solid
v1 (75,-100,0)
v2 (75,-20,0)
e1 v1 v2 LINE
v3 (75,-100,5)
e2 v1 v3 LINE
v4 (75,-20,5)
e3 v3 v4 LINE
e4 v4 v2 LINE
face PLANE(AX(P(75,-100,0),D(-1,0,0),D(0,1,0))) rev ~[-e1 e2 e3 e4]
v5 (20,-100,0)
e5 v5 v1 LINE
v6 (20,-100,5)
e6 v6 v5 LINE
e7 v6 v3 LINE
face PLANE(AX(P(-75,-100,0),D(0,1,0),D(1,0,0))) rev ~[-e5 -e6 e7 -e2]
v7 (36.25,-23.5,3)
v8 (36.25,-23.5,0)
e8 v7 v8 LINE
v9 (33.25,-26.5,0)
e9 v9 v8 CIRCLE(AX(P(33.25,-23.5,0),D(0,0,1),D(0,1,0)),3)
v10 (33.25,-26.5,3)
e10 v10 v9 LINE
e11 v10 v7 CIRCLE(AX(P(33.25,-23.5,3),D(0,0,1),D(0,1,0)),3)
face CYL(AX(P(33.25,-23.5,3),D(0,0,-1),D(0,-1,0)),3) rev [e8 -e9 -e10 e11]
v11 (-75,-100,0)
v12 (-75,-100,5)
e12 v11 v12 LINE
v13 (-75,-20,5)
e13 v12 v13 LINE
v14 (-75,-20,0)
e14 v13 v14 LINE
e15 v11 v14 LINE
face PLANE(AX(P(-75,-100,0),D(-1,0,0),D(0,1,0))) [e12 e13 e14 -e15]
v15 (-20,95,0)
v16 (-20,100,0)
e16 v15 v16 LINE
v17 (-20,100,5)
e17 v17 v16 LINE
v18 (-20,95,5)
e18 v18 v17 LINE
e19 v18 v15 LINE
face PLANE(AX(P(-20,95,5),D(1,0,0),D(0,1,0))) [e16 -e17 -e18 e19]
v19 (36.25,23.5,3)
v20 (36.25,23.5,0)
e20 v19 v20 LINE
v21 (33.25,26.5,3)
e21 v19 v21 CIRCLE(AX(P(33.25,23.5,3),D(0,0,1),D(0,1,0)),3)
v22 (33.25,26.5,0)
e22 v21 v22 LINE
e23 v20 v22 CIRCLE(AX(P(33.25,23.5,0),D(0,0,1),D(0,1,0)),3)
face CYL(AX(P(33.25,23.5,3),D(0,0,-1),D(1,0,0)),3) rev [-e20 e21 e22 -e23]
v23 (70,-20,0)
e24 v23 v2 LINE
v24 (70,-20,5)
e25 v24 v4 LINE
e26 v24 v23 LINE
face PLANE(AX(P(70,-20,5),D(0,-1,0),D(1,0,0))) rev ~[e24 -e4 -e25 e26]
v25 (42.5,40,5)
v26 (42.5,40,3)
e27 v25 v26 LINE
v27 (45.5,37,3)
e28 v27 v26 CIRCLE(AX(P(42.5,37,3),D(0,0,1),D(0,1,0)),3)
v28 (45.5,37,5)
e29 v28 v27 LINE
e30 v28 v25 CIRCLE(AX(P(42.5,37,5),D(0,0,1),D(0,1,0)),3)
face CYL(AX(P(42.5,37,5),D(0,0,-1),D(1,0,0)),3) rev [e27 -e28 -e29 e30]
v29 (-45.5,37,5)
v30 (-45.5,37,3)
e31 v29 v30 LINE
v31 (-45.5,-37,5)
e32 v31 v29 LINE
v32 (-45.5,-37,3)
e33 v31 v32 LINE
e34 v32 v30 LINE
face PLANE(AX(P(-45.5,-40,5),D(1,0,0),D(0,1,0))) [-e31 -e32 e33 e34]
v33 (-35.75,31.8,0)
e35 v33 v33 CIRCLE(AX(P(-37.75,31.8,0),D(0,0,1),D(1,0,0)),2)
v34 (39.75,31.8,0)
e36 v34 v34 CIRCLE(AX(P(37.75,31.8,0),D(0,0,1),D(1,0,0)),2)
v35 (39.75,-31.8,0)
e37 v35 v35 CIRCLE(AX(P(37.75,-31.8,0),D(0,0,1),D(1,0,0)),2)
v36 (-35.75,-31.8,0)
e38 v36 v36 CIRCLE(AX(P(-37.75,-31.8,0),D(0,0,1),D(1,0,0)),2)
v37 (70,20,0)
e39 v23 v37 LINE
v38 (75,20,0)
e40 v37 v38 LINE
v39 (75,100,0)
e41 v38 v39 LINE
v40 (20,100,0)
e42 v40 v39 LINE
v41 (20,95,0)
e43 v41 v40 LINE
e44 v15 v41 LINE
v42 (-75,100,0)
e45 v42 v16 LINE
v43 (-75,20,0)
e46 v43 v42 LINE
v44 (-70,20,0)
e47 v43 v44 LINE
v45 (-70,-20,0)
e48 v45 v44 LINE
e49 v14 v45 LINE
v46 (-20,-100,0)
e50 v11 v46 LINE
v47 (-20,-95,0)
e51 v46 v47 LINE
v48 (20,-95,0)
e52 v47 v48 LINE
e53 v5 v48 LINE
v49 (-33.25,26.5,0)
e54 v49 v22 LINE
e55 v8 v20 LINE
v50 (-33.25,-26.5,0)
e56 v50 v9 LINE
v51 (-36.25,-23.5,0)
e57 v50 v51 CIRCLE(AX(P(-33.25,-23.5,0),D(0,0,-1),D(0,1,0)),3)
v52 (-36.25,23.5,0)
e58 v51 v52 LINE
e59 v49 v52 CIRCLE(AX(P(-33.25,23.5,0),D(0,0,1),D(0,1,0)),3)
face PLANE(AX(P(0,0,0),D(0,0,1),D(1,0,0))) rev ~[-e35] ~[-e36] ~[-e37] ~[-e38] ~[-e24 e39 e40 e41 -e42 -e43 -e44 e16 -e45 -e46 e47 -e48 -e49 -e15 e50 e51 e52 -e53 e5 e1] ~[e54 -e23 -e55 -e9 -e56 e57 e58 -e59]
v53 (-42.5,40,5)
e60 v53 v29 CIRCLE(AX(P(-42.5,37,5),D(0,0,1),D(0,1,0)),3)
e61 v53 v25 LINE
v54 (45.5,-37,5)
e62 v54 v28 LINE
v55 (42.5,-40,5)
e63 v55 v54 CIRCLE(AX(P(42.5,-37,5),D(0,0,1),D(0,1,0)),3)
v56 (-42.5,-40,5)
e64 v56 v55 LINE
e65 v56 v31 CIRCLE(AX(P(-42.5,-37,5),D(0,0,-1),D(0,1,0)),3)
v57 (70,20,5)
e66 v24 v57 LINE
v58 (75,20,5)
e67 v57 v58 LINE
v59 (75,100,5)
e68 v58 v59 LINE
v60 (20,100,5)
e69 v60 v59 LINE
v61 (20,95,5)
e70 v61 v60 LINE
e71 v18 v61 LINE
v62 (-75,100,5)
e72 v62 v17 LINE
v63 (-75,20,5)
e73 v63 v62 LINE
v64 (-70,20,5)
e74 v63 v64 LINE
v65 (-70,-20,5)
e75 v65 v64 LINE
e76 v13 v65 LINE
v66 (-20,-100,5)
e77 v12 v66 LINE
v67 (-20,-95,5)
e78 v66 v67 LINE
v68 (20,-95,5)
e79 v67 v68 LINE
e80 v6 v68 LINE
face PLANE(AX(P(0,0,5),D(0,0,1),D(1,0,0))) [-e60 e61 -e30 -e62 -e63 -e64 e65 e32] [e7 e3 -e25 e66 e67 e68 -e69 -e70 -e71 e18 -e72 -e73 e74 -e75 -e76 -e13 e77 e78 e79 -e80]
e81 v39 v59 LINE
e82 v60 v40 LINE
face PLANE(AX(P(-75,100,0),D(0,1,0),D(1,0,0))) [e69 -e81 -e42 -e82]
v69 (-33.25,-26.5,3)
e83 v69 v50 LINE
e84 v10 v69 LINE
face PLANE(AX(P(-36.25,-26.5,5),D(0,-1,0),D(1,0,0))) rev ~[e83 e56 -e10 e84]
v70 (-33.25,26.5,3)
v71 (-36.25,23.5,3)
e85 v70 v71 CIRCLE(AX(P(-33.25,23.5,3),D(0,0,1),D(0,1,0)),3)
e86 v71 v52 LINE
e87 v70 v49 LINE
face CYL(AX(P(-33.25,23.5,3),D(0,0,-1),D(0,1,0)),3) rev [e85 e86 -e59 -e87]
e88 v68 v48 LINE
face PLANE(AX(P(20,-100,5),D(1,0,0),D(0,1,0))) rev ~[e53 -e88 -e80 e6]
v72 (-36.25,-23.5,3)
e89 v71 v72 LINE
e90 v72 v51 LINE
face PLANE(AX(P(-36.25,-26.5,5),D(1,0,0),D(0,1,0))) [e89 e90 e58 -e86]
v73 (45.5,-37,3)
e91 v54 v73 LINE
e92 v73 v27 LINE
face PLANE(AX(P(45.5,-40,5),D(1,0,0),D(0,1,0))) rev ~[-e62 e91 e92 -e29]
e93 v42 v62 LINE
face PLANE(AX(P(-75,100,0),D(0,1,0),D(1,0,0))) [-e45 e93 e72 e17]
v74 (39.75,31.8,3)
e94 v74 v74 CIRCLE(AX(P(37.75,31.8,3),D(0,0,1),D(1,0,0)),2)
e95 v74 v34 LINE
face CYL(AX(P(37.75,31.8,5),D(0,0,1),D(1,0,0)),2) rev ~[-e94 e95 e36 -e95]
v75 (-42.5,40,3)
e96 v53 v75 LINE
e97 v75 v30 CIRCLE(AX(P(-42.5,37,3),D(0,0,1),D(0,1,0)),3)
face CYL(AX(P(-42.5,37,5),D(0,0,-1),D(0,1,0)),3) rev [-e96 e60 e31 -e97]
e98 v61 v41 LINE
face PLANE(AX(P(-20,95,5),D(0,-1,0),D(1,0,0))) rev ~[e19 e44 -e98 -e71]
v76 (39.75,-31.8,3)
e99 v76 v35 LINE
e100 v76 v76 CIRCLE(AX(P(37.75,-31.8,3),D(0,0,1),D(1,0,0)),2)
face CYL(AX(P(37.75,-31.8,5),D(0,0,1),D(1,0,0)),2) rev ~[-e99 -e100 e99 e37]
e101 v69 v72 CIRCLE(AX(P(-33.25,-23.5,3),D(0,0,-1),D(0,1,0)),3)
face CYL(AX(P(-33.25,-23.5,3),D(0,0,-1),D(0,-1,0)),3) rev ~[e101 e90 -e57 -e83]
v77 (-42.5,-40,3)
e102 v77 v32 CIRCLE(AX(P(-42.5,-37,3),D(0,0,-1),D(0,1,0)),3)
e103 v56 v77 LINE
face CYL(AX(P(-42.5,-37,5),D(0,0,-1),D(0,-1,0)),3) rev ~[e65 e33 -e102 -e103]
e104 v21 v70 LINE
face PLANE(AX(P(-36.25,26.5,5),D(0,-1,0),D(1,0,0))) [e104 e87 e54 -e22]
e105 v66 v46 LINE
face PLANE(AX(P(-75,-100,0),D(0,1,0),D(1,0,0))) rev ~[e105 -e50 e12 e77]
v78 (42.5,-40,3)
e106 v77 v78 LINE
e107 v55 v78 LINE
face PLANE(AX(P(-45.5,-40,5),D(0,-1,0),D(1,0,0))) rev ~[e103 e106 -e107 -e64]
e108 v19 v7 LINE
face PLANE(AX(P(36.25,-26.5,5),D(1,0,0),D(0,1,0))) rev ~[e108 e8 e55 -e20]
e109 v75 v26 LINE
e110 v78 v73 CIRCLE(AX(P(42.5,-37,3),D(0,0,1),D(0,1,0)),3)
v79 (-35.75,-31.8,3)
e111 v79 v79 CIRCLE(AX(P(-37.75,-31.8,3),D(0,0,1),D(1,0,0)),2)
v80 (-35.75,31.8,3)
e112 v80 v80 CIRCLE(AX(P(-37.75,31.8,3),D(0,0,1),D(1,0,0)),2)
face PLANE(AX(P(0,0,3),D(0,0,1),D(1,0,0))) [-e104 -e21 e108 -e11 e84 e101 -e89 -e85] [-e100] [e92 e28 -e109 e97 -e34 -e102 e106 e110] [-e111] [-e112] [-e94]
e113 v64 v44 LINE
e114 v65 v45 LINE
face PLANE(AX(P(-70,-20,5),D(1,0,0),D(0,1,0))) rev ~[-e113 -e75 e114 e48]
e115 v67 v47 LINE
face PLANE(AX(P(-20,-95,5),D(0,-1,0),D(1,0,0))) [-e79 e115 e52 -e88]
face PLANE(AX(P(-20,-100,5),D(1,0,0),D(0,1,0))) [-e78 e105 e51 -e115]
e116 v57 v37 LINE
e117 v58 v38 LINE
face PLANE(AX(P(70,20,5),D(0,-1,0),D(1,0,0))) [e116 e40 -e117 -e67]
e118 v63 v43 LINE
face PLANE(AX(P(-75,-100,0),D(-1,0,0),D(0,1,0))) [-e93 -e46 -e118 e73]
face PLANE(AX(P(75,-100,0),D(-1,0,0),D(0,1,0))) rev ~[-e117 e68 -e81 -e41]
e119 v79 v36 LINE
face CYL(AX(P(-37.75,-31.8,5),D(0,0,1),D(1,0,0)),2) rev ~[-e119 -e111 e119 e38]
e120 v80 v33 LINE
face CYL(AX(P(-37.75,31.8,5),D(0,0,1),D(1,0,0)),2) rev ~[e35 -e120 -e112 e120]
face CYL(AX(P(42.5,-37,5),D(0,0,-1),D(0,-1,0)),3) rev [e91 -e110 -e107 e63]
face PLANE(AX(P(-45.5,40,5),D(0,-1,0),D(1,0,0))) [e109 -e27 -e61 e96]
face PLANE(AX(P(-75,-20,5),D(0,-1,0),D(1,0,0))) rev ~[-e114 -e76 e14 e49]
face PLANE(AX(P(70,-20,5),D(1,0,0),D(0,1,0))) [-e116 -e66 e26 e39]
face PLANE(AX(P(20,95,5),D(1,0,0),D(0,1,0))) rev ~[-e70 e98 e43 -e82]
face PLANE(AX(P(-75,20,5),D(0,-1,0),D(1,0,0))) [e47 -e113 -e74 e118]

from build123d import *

# Parameters (mm, degrees)
CROQUIS1_W              = 150
CROQUIS1_H              = 200
SALIENTE_EXTRUIR1_DEPTH = 5
CROQUIS3_R              = 2
CROQUIS3_W              = 40
CROQUIS3_H              = 5
CROQUIS3_W_2            = 5
CROQUIS3_H_2            = 40
CROQUIS3_W_3            = 72.5
CROQUIS3_H_3            = 53
CORTAR_EXTRUIR2_DEPTH   = 5
CROQUIS4_W              = 91
CROQUIS4_H              = 80
CORTAR_EXTRUIR3_DEPTH   = 2
REDONDEO1_R             = 3


with BuildPart() as part:
    # Croquis1 → Saliente-Extruir1 (new body)
    with BuildSketch(Plane.XY):
        Rectangle(CROQUIS1_W, CROQUIS1_H)
    extrude(amount=SALIENTE_EXTRUIR1_DEPTH)

    # Croquis3 → Cortar-Extruir2 (cut)
    with BuildSketch(Plane.XY.offset(5)):
        with Locations((-37.75, 31.8)):
            Circle(CROQUIS3_R)
        with Locations((37.75, 31.8)):
            Circle(CROQUIS3_R)
        with Locations((37.75, -31.8)):
            Circle(CROQUIS3_R)
        with Locations((-37.75, -31.8)):
            Circle(CROQUIS3_R)
        with Locations((0, 97.5)):
            Rectangle(CROQUIS3_W, CROQUIS3_H)
        with Locations((0, -97.5)):
            Rectangle(CROQUIS3_W, CROQUIS3_H)
        with Locations((-72.5, 0)):
            Rectangle(CROQUIS3_W_2, CROQUIS3_H_2)
        with Locations((72.5, 0)):
            Rectangle(CROQUIS3_W_2, CROQUIS3_H_2)
        Rectangle(CROQUIS3_W_3, CROQUIS3_H_3)
    extrude(amount=-CORTAR_EXTRUIR2_DEPTH, mode=Mode.SUBTRACT)

    # Croquis4 → Cortar-Extruir3 (cut)
    with BuildSketch(Plane.XY.offset(5)):
        Rectangle(CROQUIS4_W, CROQUIS4_H)
    extrude(amount=-CORTAR_EXTRUIR3_DEPTH, mode=Mode.SUBTRACT)

    # Redondeo1
    redondeo1_edges = [part.edges().sort_by_distance(p)[0] for p in [
        (-45.5, -40, 4),
        (-45.5, 40, 4),
        (45.5, 40, 4),
        (45.5, -40, 4),
        (36.25, 26.5, 1.5),
        (36.25, -26.5, 1.5),
        (-36.25, -26.5, 1.5),
        (-36.25, 26.5, 1.5),
    ]]
    fillet(redondeo1_edges, radius=REDONDEO1_R)


solid = part.part
